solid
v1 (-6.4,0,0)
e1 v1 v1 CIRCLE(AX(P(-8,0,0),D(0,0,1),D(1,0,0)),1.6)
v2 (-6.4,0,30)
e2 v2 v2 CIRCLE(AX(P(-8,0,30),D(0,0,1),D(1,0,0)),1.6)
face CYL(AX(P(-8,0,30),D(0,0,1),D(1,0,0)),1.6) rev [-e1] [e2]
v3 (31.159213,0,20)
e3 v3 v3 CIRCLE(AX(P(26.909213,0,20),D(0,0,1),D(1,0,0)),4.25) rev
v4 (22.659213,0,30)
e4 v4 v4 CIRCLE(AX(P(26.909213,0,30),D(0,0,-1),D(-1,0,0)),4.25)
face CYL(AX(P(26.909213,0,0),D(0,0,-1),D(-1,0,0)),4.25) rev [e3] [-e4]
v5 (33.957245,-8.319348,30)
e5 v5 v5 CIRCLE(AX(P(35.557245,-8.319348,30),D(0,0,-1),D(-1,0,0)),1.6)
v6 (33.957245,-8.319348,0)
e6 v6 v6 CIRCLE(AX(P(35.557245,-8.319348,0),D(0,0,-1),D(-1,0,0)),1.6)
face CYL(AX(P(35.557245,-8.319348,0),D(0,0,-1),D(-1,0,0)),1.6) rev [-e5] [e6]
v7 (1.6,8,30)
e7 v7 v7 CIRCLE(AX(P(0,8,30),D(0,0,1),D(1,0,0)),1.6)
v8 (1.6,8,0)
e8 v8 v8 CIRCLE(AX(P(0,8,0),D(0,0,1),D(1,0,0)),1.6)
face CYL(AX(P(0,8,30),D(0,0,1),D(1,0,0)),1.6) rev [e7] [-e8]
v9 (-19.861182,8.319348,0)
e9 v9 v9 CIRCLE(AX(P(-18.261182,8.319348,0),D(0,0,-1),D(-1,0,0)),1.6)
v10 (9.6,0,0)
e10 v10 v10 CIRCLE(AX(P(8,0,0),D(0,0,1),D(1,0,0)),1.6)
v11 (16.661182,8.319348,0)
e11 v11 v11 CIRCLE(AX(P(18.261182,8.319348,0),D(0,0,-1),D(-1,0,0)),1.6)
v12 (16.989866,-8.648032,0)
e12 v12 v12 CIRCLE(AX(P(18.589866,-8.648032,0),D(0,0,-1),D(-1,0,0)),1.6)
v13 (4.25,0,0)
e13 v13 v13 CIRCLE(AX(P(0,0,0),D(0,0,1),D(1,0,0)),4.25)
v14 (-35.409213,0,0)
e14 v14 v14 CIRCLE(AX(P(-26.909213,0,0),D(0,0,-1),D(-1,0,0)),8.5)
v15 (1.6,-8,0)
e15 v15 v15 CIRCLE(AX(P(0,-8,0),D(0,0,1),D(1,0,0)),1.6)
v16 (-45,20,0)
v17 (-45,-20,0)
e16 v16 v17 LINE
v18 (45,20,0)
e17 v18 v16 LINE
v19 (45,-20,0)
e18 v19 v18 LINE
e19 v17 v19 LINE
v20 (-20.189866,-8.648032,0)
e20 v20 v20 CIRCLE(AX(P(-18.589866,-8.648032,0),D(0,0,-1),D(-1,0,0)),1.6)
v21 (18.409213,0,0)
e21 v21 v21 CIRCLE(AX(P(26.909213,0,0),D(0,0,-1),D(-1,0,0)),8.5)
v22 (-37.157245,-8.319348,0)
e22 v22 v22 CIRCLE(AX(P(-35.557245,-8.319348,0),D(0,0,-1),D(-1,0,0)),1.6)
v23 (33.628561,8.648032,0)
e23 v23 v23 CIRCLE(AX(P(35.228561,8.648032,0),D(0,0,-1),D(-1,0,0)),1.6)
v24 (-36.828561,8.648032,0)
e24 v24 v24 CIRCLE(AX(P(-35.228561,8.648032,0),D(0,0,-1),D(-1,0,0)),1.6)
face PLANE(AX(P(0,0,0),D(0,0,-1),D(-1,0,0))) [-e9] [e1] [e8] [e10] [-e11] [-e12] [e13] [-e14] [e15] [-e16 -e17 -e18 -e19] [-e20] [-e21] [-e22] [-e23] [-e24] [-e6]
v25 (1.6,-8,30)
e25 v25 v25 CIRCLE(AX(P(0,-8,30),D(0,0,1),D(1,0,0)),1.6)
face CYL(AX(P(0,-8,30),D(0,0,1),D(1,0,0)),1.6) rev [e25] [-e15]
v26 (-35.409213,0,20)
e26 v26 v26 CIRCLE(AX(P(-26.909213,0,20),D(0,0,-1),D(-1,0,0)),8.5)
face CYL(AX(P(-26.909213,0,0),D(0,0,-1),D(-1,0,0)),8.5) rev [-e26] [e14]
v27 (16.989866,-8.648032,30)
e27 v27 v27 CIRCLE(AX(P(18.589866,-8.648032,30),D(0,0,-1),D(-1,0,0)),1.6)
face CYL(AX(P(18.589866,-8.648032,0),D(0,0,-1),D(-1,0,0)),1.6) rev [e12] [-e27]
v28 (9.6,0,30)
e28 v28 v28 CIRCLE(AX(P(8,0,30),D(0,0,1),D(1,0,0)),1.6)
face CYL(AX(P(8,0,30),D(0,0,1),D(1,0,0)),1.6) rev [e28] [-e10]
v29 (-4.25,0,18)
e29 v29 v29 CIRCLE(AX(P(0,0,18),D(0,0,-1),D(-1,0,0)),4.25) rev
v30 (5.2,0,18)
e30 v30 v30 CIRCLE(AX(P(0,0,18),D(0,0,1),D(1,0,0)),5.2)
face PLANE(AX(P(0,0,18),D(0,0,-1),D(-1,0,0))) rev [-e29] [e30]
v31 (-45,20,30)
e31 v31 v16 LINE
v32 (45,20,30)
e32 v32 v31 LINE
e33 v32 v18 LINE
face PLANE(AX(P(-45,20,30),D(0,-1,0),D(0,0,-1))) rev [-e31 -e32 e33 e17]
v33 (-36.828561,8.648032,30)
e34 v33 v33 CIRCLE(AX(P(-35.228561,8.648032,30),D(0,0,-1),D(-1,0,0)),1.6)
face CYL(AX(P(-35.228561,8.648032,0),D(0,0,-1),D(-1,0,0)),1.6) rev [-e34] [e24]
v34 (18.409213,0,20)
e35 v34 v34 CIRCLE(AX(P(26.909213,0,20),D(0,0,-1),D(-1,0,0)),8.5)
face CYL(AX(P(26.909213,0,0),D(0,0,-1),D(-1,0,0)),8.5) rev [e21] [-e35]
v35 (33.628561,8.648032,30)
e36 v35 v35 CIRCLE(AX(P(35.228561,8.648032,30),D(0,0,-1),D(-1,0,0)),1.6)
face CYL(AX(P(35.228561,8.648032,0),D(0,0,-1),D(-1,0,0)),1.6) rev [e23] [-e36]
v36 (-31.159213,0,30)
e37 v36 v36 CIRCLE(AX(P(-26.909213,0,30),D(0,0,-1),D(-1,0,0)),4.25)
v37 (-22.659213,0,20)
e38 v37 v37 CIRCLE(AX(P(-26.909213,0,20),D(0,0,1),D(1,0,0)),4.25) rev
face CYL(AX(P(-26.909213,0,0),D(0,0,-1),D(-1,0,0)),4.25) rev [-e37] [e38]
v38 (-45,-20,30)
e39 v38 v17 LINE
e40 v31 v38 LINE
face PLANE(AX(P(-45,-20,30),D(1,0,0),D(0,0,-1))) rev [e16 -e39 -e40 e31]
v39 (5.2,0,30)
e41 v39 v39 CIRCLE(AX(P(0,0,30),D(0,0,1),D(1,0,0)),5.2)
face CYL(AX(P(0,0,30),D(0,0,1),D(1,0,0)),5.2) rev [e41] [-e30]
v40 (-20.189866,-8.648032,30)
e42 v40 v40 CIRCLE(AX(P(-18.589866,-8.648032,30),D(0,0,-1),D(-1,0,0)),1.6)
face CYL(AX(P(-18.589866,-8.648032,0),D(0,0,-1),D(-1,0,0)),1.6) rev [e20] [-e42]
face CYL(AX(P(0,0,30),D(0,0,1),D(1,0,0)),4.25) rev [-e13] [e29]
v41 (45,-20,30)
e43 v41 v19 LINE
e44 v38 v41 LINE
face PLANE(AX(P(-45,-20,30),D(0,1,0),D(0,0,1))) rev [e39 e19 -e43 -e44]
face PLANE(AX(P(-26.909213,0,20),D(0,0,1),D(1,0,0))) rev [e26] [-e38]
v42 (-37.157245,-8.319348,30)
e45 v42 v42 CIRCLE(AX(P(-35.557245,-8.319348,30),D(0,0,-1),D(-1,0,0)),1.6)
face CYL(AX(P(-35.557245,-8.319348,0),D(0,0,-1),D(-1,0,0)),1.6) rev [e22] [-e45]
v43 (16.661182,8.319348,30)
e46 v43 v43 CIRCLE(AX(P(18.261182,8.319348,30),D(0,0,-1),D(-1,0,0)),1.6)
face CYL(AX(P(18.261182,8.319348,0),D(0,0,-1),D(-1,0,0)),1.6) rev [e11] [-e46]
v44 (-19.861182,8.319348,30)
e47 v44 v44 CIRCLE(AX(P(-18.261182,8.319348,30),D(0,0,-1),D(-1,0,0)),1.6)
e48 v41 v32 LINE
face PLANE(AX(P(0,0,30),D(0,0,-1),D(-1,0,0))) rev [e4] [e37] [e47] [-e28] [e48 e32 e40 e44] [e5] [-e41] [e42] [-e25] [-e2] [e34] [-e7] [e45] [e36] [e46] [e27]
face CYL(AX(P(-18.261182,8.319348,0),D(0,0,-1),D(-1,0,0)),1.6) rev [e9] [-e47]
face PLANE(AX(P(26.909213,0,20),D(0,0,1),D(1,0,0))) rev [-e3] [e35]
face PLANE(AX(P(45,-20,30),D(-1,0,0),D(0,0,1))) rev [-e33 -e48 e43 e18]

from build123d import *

# Parameters (mm, degrees)
SKETCH_1_W            = 90
SKETCH_1_H            = 40
EXTRUDE_1_DEPTH       = 30
HOLE_WIZARD_356_D     = 8.5
HOLE_WIZARD_461_D     = 10.4
HOLE_WIZARD_461_DEPTH = 12
HOLE_WIZARD_561_D     = 3.2
HOLE_WIZARD_727_D     = 8.5
HOLE_WIZARD_831_D     = 3.2
HOLE_WIZARD_989_D     = 17
HOLE_WIZARD_989_DEPTH = 20


with BuildPart() as part:
    # 草图1 → 凸台-拉伸1 (new body)
    with BuildSketch(Plane.XY):
        Rectangle(SKETCH_1_W, SKETCH_1_H)
    extrude(amount=EXTRUDE_1_DEPTH)

    # Hole Wizard 356 (through all)
    with Locations(Plane.XY.offset(30)):
        with Locations((0, 0)):
            Hole(HOLE_WIZARD_356_D / 2)

    # Hole Wizard 461
    with Locations(Plane.XY.offset(30)):
        with Locations((0, 0)):
            Hole(HOLE_WIZARD_461_D / 2, depth=HOLE_WIZARD_461_DEPTH)

    # Hole Wizard 561 (through all)
    with Locations(Plane.XY.offset(30)):
        with Locations((8, 0), (0, 8), (-8, 0), (0, -8)):
            Hole(HOLE_WIZARD_561_D / 2)

    # Hole Wizard 727 (through all)
    with Locations(Plane(origin=(0, 0, 0), x_dir=(-1, 0, 0), z_dir=(0, 0, -1))):
        with Locations((-26.909213315, 0)):
            hole_wizard_727 = Hole(HOLE_WIZARD_727_D / 2)

    # Hole Wizard 831 (through all)
    with Locations(Plane(origin=(0, 0, 0), x_dir=(-1, 0, 0), z_dir=(0, 0, -1))):
        with Locations((-18.261181521, 8.319347696), (-35.228561011, 8.648031794), (-35.557245109, -8.319347696), (-18.589865619, -8.648031794)):
            hole_wizard_831 = Hole(HOLE_WIZARD_831_D / 2)

    # Hole Wizard 989
    with Locations(Plane(origin=(0, 0, 0), x_dir=(-1, 0, 0), z_dir=(0, 0, -1))):
        with Locations((-26.909213315, 0)):
            hole_wizard_989 = Hole(HOLE_WIZARD_989_D / 2, depth=HOLE_WIZARD_989_DEPTH)

    # 镜向1: Hole Wizard 727, Hole Wizard 831, Hole Wizard 989 across plane
    add(hole_wizard_727.mirror(Plane.ZY), mode=Mode.SUBTRACT)
    add(hole_wizard_831.mirror(Plane.ZY), mode=Mode.SUBTRACT)
    add(hole_wizard_989.mirror(Plane.ZY), mode=Mode.SUBTRACT)


solid = part.part
